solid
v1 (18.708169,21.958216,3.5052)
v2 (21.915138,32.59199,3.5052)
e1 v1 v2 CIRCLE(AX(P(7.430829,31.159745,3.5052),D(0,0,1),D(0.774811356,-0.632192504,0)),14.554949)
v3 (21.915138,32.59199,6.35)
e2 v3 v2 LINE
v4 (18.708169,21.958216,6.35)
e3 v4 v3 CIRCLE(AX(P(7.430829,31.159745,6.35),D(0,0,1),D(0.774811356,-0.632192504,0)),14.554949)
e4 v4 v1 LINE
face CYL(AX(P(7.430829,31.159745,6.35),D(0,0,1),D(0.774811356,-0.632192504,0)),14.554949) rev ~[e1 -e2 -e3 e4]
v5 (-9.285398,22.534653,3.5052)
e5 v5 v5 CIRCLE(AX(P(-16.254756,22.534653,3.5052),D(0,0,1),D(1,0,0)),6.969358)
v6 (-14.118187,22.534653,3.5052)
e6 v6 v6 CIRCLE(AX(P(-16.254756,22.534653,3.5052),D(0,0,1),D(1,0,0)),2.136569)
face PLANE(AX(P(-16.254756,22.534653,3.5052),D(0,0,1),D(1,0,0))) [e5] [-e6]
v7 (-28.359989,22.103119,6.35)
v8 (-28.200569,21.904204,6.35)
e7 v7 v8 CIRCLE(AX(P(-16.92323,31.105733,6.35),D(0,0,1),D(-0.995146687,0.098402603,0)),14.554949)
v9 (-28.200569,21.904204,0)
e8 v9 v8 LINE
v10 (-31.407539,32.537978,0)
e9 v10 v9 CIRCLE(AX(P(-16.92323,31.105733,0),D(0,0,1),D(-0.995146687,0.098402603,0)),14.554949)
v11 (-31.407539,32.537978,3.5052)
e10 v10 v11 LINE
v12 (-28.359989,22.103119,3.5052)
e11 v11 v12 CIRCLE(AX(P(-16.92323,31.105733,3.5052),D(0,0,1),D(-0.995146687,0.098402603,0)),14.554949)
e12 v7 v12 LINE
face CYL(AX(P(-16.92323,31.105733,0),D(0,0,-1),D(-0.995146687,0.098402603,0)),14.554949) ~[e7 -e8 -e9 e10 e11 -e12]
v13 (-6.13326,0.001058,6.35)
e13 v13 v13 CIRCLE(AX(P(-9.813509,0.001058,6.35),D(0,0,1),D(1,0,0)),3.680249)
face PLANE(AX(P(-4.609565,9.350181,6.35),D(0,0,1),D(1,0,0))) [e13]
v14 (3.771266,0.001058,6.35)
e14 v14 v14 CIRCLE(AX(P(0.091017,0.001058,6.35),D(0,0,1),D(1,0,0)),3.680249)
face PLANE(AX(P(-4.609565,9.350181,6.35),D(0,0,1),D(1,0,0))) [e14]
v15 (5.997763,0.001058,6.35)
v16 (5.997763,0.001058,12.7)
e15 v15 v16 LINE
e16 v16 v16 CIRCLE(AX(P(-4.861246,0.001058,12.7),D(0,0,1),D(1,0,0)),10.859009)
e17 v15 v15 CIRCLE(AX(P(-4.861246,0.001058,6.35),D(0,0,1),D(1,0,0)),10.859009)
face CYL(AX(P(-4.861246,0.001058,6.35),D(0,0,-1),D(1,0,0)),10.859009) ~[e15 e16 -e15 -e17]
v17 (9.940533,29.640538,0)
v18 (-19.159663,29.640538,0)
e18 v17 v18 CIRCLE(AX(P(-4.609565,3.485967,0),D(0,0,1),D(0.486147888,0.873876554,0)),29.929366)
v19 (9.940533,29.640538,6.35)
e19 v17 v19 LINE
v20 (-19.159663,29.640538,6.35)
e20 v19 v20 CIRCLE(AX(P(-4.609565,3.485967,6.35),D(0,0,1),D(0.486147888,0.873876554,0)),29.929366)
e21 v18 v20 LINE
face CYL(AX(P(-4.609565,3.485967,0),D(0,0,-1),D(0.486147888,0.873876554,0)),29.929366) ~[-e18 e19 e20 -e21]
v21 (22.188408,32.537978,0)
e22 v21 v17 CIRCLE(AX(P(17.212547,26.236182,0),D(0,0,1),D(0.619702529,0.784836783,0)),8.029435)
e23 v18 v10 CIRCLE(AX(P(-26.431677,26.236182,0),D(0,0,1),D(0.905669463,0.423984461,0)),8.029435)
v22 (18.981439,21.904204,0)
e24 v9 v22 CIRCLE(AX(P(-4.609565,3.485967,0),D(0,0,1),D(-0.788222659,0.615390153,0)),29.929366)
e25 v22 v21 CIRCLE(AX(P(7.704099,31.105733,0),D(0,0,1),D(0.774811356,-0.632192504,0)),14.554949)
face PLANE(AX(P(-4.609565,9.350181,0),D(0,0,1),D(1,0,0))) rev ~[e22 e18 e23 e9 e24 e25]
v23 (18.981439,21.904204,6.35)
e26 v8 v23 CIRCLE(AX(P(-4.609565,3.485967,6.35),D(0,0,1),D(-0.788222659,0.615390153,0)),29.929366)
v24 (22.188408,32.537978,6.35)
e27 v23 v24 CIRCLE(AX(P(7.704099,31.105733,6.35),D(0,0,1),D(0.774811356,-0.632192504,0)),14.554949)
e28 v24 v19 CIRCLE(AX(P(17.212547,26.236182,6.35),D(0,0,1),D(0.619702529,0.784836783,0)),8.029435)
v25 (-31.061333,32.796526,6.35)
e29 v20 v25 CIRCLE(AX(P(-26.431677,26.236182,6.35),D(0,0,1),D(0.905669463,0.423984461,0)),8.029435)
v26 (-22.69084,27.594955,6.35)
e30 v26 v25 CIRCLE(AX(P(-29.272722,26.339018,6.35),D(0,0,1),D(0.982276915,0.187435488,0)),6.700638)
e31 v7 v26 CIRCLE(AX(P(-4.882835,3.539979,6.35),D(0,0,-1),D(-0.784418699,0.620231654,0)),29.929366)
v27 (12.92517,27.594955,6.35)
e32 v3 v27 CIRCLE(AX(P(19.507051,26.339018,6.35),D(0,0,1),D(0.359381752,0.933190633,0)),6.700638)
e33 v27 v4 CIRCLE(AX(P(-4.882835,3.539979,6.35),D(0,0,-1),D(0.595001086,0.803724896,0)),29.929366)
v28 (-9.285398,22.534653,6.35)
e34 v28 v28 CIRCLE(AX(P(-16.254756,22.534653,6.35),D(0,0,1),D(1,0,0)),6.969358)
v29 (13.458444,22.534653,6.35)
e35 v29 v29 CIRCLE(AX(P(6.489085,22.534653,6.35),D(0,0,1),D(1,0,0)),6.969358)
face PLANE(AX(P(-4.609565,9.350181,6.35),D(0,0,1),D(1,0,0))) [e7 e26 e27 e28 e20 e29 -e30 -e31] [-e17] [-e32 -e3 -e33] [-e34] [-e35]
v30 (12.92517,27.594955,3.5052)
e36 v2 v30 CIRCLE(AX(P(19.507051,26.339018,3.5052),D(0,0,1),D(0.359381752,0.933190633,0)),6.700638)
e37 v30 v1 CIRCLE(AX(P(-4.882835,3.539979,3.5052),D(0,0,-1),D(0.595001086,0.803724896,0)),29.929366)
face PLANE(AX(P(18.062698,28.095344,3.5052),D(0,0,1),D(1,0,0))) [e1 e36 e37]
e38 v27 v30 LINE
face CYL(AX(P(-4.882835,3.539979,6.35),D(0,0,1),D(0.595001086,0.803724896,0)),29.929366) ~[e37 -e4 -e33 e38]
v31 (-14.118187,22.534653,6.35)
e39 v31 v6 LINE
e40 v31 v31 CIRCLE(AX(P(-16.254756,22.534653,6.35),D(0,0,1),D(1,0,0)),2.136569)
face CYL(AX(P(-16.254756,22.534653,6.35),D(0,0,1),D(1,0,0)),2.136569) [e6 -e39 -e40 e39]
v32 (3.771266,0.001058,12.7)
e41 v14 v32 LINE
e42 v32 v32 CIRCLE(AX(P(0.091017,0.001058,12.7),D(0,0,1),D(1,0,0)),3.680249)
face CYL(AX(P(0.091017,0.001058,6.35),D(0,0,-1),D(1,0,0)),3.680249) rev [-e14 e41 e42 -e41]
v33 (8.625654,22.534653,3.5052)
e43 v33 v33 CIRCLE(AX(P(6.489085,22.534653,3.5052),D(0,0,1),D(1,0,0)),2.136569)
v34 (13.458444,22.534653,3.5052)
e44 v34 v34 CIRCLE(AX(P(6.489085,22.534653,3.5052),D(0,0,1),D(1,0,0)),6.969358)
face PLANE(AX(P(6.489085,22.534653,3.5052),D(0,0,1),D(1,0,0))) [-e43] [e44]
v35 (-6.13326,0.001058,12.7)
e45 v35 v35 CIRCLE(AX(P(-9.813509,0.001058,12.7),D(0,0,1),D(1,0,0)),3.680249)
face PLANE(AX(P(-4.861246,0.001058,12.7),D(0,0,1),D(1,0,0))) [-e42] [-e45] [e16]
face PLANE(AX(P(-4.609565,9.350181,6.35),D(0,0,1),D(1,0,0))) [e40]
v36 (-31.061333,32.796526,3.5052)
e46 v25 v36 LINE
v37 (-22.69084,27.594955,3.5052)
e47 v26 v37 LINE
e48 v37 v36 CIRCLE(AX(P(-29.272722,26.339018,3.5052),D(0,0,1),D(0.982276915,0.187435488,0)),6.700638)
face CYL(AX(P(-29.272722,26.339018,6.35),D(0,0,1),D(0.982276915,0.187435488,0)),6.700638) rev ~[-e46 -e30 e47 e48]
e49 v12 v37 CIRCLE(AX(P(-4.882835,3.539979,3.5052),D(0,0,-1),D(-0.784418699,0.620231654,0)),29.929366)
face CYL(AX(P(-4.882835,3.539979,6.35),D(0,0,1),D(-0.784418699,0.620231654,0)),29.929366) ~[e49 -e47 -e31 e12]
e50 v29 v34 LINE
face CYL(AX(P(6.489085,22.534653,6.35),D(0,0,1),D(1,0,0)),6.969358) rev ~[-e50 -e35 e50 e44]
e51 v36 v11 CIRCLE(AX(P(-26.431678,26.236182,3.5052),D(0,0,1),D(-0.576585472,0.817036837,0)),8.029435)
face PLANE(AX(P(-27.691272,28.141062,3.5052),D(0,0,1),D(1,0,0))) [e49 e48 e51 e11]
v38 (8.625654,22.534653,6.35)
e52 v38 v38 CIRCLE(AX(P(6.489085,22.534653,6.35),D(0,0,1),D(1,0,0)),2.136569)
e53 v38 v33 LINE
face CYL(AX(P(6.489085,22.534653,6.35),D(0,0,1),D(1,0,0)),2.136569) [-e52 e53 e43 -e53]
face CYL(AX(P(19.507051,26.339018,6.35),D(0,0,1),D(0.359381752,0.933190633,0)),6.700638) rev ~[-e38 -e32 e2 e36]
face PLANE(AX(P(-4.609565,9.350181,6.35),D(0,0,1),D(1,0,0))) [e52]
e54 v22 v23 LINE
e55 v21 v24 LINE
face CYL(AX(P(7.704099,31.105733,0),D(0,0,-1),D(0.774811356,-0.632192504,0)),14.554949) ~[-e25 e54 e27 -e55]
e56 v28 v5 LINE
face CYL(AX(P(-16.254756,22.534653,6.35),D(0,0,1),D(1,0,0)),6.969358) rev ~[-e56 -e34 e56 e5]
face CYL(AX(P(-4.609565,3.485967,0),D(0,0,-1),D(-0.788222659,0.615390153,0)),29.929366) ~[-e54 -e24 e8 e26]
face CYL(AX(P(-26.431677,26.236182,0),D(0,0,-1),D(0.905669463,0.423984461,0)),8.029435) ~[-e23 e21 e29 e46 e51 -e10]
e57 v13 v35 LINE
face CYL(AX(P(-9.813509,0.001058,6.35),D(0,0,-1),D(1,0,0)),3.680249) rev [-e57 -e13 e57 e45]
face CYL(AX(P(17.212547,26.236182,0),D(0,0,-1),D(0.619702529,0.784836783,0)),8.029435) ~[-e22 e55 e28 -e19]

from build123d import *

# Parameters (mm, degrees)
F1_DEPTH = 6.35
F2_R     = 10.8590085074
F2_R_2   = 3.6802492117
F3_DEPTH = 6.35
F4_R     = 6.9693581069
F4_R_2   = 2.1365687552
F5_DEPTH = 2.8448


with BuildPart() as f1:
    # F0 (on Top) → F1 (new body)
    with BuildSketch(Plane.XY):
        with BuildLine():
            ThreePointArc((22.1884083003, 32.5379781425), (15.3640692537, 34.0499493944), (9.9405326157, 29.6405377755))
            ThreePointArc((9.9405326157, 29.6405377755), (-4.6095652506, 33.4153325113), (-19.1596631168, 29.6405377755))
            ThreePointArc((-19.1596631168, 29.6405377755), (-24.5831997549, 34.0499493944), (-31.4075388014, 32.5379781425))
            ThreePointArc((-31.4075388014, 32.5379781425), (-30.8582548555, 26.9031615507), (-28.2005693571, 21.9042037926))
            ThreePointArc((-28.2005693571, 21.9042037926), (-4.6095652506, -26.4433986324), (18.981438856, 21.9042037926))
            ThreePointArc((18.981438856, 21.9042037926), (21.6391243544, 26.9031615507), (22.1884083003, 32.5379781425))
        make_face()
    extrude(amount=F1_DEPTH)

    # F2 (on face) → F3 (join)
    with BuildSketch(Plane.XY.offset(6.35)):
        with Locations((-4.8612458631, 0.0010582291)):
            Circle(F2_R)
        with Locations((-9.8135089502, 0.0010582291)):
            Circle(F2_R_2, mode=Mode.SUBTRACT)
        with Locations((0.0910172239, 0.0010582291)):
            Circle(F2_R_2, mode=Mode.SUBTRACT)
    extrude(amount=F3_DEPTH)

    # F4 (on face) → F5 (cut)
    with BuildSketch(Plane.XY.offset(6.35)):
        with BuildLine():
            ThreePointArc((-31.4075388014, 32.5379781425), (-30.8945224978, 27.0253518282), (-28.359989317, 22.103118985))
            ThreePointArc((-28.359989317, 22.103118985), (-25.7072477965, 25.0367408797), (-22.6908403268, 27.5949552906))
            ThreePointArc((-22.6908403268, 27.5949552906), (-25.7360645395, 32.0302919162), (-31.0613331918, 32.7965263897))
            ThreePointArc((-31.0613331918, 32.7965263897), (-31.2361754941, 32.6695815173), (-31.4075388014, 32.5379781425))
        make_face()
        with Locations((-16.254756134, 22.5346526879)):
            Circle(F4_R)
        with Locations((-16.254756134, 22.5346526879)):
            Circle(F4_R_2, mode=Mode.SUBTRACT)
        with Locations((6.4890854992, 22.5346526879)):
            Circle(F4_R)
        with Locations((6.4890854992, 22.5346526879)):
            Circle(F4_R_2, mode=Mode.SUBTRACT)
        with BuildLine():
            ThreePointArc((12.925169692, 27.5949552906), (16.007657655, 24.9725297062), (18.7081687892, 21.9582159201))
            ThreePointArc((18.7081687892, 21.9582159201), (21.3658542875, 26.9571736782), (21.9151382335, 32.59199027))
            ThreePointArc((21.9151382335, 32.59199027), (16.251635807, 32.1957077064), (12.925169692, 27.5949552906))
        make_face()
    extrude(amount=-F5_DEPTH, mode=Mode.SUBTRACT)


solid = f1.part
